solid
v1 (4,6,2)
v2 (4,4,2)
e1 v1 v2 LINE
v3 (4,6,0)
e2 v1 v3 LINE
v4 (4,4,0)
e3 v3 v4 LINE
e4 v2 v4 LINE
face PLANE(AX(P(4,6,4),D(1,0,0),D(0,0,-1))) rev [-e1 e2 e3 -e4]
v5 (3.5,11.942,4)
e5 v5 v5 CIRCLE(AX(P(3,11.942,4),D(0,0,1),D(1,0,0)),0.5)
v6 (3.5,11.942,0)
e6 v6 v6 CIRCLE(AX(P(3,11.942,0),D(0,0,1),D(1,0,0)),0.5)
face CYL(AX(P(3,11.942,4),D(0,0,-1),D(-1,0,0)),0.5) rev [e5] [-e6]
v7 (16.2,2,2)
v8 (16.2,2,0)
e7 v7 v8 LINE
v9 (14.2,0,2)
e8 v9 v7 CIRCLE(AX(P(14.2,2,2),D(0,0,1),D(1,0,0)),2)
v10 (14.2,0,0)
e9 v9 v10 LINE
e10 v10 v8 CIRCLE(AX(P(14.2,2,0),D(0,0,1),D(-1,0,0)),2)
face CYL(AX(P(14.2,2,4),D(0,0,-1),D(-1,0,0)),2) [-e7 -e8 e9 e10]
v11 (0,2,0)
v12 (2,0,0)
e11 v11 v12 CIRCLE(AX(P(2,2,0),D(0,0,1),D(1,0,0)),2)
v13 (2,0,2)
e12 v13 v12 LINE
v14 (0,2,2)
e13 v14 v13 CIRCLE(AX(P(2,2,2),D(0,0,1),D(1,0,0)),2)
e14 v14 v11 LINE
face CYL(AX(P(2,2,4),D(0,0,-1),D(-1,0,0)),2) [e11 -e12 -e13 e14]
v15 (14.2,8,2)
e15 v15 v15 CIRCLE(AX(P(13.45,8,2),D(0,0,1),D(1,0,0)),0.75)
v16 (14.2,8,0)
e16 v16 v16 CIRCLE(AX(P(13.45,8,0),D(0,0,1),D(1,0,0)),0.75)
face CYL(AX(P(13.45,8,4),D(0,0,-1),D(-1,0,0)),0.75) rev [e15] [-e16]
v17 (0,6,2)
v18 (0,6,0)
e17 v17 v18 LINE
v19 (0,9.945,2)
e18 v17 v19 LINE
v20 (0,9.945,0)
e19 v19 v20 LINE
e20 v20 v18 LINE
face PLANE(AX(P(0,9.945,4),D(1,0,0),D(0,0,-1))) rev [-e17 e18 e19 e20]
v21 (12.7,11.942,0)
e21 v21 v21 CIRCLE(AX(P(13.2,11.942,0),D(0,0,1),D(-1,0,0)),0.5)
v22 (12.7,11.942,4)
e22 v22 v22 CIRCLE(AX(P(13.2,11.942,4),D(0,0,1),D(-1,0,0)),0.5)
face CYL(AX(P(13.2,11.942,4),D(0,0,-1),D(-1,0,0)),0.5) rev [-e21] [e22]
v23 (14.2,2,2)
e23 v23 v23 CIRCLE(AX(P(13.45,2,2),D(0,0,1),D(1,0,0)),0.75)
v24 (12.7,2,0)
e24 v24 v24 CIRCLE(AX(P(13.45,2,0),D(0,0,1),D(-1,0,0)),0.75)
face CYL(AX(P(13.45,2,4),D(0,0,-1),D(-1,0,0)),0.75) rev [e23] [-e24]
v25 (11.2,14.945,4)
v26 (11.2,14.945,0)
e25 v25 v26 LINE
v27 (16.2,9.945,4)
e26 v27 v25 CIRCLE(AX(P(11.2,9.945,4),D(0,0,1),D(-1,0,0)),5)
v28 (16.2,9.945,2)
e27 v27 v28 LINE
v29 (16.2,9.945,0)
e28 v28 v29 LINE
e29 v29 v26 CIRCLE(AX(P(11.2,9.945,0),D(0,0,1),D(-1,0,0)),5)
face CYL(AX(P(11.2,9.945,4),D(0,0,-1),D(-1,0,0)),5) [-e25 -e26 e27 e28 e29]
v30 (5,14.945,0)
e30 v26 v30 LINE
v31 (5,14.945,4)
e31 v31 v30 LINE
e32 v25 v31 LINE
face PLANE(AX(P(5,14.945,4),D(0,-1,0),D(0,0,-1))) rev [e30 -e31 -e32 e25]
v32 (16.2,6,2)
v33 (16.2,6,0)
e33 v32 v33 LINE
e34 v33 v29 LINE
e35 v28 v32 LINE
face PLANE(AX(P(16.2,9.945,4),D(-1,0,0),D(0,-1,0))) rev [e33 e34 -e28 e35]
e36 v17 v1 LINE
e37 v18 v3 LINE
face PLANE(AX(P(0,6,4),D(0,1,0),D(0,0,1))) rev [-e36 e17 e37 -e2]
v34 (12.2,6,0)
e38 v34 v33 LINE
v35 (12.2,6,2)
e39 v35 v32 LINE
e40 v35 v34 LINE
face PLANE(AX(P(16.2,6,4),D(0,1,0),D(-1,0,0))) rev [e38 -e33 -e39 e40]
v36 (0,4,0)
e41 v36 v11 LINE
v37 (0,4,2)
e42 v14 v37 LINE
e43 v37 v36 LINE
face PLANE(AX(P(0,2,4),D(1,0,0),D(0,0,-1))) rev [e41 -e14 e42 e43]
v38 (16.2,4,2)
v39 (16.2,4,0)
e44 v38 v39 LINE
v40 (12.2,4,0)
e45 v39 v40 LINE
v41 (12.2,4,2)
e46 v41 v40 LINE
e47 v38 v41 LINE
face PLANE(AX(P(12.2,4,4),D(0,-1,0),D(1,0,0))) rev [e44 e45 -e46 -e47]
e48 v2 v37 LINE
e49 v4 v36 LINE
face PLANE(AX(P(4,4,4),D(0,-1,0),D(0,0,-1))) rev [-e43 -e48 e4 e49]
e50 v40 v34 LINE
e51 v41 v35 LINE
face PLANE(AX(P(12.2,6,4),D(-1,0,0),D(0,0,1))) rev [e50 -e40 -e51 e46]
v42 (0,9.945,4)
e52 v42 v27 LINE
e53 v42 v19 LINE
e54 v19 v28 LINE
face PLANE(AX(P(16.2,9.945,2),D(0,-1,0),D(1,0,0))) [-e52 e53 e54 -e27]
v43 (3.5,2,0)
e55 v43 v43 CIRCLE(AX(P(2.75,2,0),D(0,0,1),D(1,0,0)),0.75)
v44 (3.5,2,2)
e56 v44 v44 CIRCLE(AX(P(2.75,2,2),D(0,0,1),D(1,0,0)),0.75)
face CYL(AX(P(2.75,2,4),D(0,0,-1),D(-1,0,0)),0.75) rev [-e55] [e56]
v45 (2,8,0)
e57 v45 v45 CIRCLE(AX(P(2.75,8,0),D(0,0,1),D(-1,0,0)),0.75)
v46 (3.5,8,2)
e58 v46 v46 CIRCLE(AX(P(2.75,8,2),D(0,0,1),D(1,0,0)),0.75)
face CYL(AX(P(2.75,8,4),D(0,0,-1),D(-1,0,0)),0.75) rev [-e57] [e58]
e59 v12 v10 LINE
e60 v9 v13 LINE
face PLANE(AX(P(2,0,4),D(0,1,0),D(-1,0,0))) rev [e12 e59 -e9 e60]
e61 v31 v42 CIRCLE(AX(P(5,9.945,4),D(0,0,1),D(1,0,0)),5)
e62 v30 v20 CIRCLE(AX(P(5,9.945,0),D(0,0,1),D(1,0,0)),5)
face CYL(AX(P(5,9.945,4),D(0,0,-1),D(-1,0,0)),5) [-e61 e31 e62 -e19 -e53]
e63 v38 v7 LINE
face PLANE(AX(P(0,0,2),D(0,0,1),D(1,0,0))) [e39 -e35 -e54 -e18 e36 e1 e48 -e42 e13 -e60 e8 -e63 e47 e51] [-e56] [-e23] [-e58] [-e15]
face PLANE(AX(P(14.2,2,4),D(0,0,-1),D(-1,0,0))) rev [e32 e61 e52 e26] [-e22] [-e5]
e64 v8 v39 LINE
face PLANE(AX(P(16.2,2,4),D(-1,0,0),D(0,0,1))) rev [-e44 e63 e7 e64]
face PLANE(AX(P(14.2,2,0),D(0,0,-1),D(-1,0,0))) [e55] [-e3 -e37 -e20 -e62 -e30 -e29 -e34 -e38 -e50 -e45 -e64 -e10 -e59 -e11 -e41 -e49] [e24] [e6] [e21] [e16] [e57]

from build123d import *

# Parameters (mm, degrees)
SKETCH2_R           = 0.75
SKETCH2_R_2         = 0.5
BOSS_EXTRUDE1_DEPTH = 4
SKETCH3_W           = 16.2
SKETCH3_H           = 9.945
CUT_EXTRUDE2_DEPTH  = 2


with BuildPart() as part:
    # Sketch2 → Boss-Extrude1 (new body)
    with BuildSketch(Plane.XY):
        with BuildLine():
            Line((0, 9.945), (0, 6))
            Line((0, 6), (4, 6))
            Line((4, 6), (4, 4))
            Line((4, 4), (0, 4))
            Line((0, 4), (0, 2))
            ThreePointArc((0, 2), (0.585786438, 0.585786438), (2, 0))
            Line((2, 0), (14.2, 0))
            ThreePointArc((14.2, 0), (15.614213562, 0.585786438), (16.2, 2))
            Line((16.2, 2), (16.2, 4))
            Line((16.2, 4), (12.2, 4))
            Line((12.2, 4), (12.2, 6))
            Line((12.2, 6), (16.2, 6))
            Line((16.2, 6), (16.2, 9.945))
            ThreePointArc((16.2, 9.945), (14.735533906, 13.480533906), (11.2, 14.945))
            Line((11.2, 14.945), (5, 14.945))
            ThreePointArc((5, 14.945), (1.464466094, 13.480533906), (0, 9.945))
        make_face()
        with Locations((13.45, 8)):
            Circle(SKETCH2_R, mode=Mode.SUBTRACT)
        with Locations((13.45, 2)):
            Circle(SKETCH2_R, mode=Mode.SUBTRACT)
        with Locations((13.2, 11.942)):
            Circle(SKETCH2_R_2, mode=Mode.SUBTRACT)
        with Locations((3, 11.942)):
            Circle(SKETCH2_R_2, mode=Mode.SUBTRACT)
        with Locations((2.75, 2)):
            Circle(SKETCH2_R, mode=Mode.SUBTRACT)
        with Locations((2.75, 8)):
            Circle(SKETCH2_R, mode=Mode.SUBTRACT)
    extrude(amount=BOSS_EXTRUDE1_DEPTH)

    # Sketch3 → Cut-Extrude2 (cut)
    with BuildSketch(Plane(origin=(0, 0, 4), x_dir=(-1, 0, 0), z_dir=(0, 0, -1))):
        with Locations((-8.1, 4.9725)):
            Rectangle(SKETCH3_W, SKETCH3_H)
    extrude(amount=CUT_EXTRUDE2_DEPTH, mode=Mode.SUBTRACT)


solid = part.part
